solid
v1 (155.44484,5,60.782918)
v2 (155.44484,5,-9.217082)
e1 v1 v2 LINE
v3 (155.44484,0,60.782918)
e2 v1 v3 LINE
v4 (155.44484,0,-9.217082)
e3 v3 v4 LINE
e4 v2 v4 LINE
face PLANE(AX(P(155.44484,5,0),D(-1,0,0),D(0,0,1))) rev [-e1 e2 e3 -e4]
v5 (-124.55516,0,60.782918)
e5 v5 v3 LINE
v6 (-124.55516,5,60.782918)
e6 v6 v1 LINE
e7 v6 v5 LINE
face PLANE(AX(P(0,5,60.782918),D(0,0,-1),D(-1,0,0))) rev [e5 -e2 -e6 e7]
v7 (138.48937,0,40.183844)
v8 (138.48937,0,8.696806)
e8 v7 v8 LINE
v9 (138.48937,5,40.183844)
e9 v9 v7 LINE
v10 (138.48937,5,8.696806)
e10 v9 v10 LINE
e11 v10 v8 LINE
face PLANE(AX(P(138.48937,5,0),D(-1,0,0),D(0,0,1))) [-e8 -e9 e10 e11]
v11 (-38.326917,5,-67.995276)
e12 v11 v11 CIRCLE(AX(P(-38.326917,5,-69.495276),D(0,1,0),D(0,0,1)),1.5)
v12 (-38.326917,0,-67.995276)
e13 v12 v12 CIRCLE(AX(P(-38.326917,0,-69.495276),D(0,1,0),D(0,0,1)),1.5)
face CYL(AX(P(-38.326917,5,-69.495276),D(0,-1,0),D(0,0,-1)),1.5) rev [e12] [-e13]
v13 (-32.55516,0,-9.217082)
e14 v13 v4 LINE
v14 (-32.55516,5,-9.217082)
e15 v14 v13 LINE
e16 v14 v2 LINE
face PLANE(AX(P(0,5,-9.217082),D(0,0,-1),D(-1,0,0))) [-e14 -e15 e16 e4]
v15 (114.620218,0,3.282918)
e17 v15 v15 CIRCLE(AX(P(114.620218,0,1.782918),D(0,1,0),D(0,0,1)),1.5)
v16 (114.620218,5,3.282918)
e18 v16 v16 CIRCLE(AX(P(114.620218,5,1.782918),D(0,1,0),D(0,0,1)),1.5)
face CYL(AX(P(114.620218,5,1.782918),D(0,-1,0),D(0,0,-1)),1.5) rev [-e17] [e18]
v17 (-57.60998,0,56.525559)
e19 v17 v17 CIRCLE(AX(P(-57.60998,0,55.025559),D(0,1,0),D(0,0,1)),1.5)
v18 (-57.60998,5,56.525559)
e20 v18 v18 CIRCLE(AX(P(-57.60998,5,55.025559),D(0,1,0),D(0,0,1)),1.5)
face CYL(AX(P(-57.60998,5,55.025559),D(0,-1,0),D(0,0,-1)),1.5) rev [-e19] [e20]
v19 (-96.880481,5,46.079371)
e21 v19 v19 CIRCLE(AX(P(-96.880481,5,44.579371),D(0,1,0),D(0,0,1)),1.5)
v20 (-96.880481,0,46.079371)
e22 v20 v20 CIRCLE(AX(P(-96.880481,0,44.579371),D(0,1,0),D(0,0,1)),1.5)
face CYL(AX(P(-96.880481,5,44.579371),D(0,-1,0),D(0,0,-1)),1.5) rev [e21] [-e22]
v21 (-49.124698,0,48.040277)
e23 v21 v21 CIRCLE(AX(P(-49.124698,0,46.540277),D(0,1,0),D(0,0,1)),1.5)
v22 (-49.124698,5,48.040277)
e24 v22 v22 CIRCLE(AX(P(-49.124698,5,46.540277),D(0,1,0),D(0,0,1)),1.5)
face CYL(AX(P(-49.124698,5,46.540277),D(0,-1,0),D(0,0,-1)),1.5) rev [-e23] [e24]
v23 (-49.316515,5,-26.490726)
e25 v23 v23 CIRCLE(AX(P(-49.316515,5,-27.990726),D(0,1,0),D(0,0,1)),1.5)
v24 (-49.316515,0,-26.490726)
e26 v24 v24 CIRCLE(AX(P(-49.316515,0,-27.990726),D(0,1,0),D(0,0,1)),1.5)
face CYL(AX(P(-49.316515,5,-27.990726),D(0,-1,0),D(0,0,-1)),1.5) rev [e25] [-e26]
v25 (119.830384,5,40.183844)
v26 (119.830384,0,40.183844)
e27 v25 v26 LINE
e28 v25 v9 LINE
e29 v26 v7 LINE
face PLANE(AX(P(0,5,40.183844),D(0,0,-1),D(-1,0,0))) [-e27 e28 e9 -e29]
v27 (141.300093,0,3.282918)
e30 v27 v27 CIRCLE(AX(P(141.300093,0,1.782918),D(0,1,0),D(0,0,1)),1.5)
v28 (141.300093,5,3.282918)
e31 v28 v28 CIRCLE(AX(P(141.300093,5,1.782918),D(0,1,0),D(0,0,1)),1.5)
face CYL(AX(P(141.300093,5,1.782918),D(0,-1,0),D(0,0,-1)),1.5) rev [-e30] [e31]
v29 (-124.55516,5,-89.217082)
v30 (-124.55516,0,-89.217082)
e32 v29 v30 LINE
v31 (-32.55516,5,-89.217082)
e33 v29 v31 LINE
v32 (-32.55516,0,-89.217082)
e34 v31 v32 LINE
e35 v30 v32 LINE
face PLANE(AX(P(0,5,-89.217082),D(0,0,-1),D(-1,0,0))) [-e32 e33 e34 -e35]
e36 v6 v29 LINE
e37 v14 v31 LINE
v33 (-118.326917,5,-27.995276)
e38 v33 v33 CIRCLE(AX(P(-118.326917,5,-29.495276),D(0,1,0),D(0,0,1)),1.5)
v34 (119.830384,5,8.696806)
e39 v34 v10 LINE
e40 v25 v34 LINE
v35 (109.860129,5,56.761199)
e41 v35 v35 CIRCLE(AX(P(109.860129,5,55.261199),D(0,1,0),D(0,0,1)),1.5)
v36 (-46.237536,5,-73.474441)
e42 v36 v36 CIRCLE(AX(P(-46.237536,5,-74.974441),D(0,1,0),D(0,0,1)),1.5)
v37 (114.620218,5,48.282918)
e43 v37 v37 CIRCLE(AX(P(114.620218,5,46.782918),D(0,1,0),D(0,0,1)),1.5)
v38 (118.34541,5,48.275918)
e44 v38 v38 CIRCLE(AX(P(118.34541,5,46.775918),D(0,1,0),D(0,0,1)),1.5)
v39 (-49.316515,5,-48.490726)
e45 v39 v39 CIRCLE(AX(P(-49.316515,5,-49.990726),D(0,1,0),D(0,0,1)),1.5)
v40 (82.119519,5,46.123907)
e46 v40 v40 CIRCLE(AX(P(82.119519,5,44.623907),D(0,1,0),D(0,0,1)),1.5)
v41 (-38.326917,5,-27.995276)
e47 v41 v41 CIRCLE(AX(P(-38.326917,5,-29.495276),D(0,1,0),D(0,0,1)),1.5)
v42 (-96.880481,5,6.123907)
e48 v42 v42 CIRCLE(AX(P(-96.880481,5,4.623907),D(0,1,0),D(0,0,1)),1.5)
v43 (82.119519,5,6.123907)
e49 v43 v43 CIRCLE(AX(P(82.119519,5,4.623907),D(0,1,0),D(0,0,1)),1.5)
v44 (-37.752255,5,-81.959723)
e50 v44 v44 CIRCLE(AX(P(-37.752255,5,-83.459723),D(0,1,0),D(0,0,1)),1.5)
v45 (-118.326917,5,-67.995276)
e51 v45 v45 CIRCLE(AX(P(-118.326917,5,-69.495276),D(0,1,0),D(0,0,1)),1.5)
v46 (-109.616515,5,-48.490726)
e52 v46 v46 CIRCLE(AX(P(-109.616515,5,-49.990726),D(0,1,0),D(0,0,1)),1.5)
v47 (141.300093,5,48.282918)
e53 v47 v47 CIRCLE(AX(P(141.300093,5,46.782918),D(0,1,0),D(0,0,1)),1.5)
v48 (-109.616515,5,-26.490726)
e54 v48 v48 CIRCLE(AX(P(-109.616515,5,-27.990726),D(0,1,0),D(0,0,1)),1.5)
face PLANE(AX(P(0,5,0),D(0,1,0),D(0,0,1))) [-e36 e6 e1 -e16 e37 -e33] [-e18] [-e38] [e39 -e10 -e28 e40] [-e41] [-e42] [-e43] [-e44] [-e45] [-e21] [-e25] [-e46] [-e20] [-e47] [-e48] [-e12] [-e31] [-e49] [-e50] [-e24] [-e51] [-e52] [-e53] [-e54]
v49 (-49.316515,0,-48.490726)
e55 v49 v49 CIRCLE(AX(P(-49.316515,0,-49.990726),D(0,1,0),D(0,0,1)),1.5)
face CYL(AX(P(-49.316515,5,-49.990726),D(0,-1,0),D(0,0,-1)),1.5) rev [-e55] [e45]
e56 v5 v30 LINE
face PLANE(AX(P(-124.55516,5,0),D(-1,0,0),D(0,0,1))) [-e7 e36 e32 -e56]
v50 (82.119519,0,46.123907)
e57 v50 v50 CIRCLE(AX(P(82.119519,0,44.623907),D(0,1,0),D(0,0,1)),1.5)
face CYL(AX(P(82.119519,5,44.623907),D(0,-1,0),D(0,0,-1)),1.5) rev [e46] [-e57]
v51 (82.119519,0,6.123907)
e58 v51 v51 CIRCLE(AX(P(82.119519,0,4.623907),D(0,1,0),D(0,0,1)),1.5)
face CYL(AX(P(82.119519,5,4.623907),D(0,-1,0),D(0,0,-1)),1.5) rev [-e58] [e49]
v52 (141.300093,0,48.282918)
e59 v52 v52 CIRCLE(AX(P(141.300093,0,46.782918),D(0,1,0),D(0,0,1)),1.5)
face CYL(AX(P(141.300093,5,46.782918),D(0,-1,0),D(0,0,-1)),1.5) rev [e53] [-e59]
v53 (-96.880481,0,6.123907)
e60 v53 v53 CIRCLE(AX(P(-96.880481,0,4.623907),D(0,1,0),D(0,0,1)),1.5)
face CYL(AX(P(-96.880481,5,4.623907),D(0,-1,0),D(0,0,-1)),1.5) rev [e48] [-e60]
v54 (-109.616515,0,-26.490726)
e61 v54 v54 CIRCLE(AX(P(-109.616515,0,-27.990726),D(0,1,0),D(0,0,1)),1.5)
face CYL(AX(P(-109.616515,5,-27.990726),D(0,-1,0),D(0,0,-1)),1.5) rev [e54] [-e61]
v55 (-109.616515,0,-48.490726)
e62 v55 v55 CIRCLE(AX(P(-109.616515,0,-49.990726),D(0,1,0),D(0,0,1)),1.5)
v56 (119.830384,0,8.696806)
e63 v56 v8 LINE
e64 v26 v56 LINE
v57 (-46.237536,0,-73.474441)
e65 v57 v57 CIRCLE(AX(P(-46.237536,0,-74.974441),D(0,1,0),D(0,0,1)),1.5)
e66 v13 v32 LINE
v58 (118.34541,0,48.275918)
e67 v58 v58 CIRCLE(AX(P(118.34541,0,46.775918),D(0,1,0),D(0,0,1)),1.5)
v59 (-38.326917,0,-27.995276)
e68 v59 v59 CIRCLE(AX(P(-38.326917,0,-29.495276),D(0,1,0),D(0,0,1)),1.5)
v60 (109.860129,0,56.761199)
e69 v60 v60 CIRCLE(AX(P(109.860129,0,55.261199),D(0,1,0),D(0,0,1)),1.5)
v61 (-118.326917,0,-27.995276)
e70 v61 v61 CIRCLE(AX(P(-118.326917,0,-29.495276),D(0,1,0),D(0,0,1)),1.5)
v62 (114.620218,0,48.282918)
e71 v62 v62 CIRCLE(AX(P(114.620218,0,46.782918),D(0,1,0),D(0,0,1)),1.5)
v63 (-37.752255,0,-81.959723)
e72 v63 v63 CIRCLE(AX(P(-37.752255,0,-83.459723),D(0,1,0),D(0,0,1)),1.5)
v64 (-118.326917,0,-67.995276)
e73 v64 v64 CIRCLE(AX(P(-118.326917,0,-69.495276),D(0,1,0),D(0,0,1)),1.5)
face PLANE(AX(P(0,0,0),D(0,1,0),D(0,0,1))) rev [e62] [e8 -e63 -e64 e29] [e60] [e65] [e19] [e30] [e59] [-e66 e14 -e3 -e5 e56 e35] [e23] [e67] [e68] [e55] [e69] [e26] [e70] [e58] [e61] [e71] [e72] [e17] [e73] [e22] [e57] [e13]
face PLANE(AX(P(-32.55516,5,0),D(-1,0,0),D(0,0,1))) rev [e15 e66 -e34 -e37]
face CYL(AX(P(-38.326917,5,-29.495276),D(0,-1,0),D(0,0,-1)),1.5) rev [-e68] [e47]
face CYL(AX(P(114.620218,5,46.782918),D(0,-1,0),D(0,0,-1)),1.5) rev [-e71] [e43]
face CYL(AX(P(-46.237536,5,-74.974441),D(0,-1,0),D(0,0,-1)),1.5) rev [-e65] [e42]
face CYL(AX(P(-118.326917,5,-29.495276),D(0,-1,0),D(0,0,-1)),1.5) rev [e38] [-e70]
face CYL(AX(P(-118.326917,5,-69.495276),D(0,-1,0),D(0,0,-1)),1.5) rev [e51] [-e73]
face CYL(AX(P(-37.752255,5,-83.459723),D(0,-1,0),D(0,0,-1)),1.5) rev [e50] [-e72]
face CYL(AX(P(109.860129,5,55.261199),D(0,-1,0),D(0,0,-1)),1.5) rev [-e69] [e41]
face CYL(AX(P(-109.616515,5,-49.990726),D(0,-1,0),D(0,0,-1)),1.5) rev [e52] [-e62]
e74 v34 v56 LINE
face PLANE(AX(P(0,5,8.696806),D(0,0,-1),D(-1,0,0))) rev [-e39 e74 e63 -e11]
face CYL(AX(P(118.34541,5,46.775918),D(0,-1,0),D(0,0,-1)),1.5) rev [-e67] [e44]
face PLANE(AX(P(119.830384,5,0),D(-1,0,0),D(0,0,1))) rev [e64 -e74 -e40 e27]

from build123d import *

# Parameters (mm, degrees)
SKETCH1_R           = 1.5
SKETCH1_W           = 18.658985537
SKETCH1_H           = 31.487038094
BOSS_EXTRUDE1_DEPTH = 5


with BuildPart() as part:
    # Sketch1 → Boss-Extrude1 (new body)
    with BuildSketch(Plane(origin=(0, 0, 0), x_dir=(1, 0, 0), z_dir=(0, 1, 0))):
        Polygon((-124.555160142, -60.782918149), (155.444839858, -60.782918149), (155.444839858, 9.217081851), (-32.555160142, 9.217081851), (-32.555160142, 89.217081851), (-124.555160142, 89.217081851), align=None)
        with Locations(Location((-96.88048066, -44.579371447, 0), (0, 0, 270))):
            Circle(SKETCH1_R, mode=Mode.SUBTRACT)
        with Locations(Location((-57.609979708, -55.025558837, 0), (0, 0, 270))):
            Circle(SKETCH1_R, mode=Mode.SUBTRACT)
        with Locations(Location((-49.124698334, -46.540277462, 0), (0, 0, 270))):
            Circle(SKETCH1_R, mode=Mode.SUBTRACT)
        with Locations(Location((-96.88048066, -4.623906574, 0), (0, 0, 270))):
            Circle(SKETCH1_R, mode=Mode.SUBTRACT)
        with Locations(Location((82.11951934, -44.623906574, 0), (0, 0, 270))):
            Circle(SKETCH1_R, mode=Mode.SUBTRACT)
        with Locations(Location((109.860128873, -55.261198979, 0), (0, 0, 270))):
            Circle(SKETCH1_R, mode=Mode.SUBTRACT)
        with Locations(Location((114.620218271, -46.782918149, 0), (0, 0, 270))):
            Circle(SKETCH1_R, mode=Mode.SUBTRACT)
        with Locations(Location((118.345410248, -46.775917605, 0), (0, 0, 270))):
            Circle(SKETCH1_R, mode=Mode.SUBTRACT)
        with Locations(Location((141.300092758, -46.782918149, 0), (0, 0, 270))):
            Circle(SKETCH1_R, mode=Mode.SUBTRACT)
        with Locations((129.159877134, -24.440324762)):
            Rectangle(SKETCH1_W, SKETCH1_H, mode=Mode.SUBTRACT)
        with Locations(Location((82.11951934, -4.623906574, 0), (0, 0, 270))):
            Circle(SKETCH1_R, mode=Mode.SUBTRACT)
        with Locations(Location((114.620218271, -1.782918149, 0), (0, 0, 270))):
            Circle(SKETCH1_R, mode=Mode.SUBTRACT)
        with Locations(Location((141.300092758, -1.782918149, 0), (0, 0, 270))):
            Circle(SKETCH1_R, mode=Mode.SUBTRACT)
        with Locations(Location((-37.752255096, 83.459722538, 0), (0, 0, 270))):
            Circle(SKETCH1_R, mode=Mode.SUBTRACT)
        with Locations(Location((-109.616514697, 27.990725731, 0), (0, 0, 270))):
            Circle(SKETCH1_R, mode=Mode.SUBTRACT)
        with Locations(Location((-118.326917326, 29.495275711, 0), (0, 0, 270))):
            Circle(SKETCH1_R, mode=Mode.SUBTRACT)
        with Locations(Location((-109.616514697, 49.990725731, 0), (0, 0, 270))):
            Circle(SKETCH1_R, mode=Mode.SUBTRACT)
        with Locations(Location((-49.316514697, 27.990725731, 0), (0, 0, 270))):
            Circle(SKETCH1_R, mode=Mode.SUBTRACT)
        with Locations(Location((-38.326917326, 29.495275711, 0), (0, 0, 270))):
            Circle(SKETCH1_R, mode=Mode.SUBTRACT)
        with Locations(Location((-49.316514697, 49.990725731, 0), (0, 0, 270))):
            Circle(SKETCH1_R, mode=Mode.SUBTRACT)
        with Locations(Location((-118.326917326, 69.495275711, 0), (0, 0, 270))):
            Circle(SKETCH1_R, mode=Mode.SUBTRACT)
        with Locations(Location((-38.326917326, 69.495275711, 0), (0, 0, 270))):
            Circle(SKETCH1_R, mode=Mode.SUBTRACT)
        with Locations(Location((-46.23753647, 74.974441163, 0), (0, 0, 270))):
            Circle(SKETCH1_R, mode=Mode.SUBTRACT)
    extrude(amount=BOSS_EXTRUDE1_DEPTH)


solid = part.part
